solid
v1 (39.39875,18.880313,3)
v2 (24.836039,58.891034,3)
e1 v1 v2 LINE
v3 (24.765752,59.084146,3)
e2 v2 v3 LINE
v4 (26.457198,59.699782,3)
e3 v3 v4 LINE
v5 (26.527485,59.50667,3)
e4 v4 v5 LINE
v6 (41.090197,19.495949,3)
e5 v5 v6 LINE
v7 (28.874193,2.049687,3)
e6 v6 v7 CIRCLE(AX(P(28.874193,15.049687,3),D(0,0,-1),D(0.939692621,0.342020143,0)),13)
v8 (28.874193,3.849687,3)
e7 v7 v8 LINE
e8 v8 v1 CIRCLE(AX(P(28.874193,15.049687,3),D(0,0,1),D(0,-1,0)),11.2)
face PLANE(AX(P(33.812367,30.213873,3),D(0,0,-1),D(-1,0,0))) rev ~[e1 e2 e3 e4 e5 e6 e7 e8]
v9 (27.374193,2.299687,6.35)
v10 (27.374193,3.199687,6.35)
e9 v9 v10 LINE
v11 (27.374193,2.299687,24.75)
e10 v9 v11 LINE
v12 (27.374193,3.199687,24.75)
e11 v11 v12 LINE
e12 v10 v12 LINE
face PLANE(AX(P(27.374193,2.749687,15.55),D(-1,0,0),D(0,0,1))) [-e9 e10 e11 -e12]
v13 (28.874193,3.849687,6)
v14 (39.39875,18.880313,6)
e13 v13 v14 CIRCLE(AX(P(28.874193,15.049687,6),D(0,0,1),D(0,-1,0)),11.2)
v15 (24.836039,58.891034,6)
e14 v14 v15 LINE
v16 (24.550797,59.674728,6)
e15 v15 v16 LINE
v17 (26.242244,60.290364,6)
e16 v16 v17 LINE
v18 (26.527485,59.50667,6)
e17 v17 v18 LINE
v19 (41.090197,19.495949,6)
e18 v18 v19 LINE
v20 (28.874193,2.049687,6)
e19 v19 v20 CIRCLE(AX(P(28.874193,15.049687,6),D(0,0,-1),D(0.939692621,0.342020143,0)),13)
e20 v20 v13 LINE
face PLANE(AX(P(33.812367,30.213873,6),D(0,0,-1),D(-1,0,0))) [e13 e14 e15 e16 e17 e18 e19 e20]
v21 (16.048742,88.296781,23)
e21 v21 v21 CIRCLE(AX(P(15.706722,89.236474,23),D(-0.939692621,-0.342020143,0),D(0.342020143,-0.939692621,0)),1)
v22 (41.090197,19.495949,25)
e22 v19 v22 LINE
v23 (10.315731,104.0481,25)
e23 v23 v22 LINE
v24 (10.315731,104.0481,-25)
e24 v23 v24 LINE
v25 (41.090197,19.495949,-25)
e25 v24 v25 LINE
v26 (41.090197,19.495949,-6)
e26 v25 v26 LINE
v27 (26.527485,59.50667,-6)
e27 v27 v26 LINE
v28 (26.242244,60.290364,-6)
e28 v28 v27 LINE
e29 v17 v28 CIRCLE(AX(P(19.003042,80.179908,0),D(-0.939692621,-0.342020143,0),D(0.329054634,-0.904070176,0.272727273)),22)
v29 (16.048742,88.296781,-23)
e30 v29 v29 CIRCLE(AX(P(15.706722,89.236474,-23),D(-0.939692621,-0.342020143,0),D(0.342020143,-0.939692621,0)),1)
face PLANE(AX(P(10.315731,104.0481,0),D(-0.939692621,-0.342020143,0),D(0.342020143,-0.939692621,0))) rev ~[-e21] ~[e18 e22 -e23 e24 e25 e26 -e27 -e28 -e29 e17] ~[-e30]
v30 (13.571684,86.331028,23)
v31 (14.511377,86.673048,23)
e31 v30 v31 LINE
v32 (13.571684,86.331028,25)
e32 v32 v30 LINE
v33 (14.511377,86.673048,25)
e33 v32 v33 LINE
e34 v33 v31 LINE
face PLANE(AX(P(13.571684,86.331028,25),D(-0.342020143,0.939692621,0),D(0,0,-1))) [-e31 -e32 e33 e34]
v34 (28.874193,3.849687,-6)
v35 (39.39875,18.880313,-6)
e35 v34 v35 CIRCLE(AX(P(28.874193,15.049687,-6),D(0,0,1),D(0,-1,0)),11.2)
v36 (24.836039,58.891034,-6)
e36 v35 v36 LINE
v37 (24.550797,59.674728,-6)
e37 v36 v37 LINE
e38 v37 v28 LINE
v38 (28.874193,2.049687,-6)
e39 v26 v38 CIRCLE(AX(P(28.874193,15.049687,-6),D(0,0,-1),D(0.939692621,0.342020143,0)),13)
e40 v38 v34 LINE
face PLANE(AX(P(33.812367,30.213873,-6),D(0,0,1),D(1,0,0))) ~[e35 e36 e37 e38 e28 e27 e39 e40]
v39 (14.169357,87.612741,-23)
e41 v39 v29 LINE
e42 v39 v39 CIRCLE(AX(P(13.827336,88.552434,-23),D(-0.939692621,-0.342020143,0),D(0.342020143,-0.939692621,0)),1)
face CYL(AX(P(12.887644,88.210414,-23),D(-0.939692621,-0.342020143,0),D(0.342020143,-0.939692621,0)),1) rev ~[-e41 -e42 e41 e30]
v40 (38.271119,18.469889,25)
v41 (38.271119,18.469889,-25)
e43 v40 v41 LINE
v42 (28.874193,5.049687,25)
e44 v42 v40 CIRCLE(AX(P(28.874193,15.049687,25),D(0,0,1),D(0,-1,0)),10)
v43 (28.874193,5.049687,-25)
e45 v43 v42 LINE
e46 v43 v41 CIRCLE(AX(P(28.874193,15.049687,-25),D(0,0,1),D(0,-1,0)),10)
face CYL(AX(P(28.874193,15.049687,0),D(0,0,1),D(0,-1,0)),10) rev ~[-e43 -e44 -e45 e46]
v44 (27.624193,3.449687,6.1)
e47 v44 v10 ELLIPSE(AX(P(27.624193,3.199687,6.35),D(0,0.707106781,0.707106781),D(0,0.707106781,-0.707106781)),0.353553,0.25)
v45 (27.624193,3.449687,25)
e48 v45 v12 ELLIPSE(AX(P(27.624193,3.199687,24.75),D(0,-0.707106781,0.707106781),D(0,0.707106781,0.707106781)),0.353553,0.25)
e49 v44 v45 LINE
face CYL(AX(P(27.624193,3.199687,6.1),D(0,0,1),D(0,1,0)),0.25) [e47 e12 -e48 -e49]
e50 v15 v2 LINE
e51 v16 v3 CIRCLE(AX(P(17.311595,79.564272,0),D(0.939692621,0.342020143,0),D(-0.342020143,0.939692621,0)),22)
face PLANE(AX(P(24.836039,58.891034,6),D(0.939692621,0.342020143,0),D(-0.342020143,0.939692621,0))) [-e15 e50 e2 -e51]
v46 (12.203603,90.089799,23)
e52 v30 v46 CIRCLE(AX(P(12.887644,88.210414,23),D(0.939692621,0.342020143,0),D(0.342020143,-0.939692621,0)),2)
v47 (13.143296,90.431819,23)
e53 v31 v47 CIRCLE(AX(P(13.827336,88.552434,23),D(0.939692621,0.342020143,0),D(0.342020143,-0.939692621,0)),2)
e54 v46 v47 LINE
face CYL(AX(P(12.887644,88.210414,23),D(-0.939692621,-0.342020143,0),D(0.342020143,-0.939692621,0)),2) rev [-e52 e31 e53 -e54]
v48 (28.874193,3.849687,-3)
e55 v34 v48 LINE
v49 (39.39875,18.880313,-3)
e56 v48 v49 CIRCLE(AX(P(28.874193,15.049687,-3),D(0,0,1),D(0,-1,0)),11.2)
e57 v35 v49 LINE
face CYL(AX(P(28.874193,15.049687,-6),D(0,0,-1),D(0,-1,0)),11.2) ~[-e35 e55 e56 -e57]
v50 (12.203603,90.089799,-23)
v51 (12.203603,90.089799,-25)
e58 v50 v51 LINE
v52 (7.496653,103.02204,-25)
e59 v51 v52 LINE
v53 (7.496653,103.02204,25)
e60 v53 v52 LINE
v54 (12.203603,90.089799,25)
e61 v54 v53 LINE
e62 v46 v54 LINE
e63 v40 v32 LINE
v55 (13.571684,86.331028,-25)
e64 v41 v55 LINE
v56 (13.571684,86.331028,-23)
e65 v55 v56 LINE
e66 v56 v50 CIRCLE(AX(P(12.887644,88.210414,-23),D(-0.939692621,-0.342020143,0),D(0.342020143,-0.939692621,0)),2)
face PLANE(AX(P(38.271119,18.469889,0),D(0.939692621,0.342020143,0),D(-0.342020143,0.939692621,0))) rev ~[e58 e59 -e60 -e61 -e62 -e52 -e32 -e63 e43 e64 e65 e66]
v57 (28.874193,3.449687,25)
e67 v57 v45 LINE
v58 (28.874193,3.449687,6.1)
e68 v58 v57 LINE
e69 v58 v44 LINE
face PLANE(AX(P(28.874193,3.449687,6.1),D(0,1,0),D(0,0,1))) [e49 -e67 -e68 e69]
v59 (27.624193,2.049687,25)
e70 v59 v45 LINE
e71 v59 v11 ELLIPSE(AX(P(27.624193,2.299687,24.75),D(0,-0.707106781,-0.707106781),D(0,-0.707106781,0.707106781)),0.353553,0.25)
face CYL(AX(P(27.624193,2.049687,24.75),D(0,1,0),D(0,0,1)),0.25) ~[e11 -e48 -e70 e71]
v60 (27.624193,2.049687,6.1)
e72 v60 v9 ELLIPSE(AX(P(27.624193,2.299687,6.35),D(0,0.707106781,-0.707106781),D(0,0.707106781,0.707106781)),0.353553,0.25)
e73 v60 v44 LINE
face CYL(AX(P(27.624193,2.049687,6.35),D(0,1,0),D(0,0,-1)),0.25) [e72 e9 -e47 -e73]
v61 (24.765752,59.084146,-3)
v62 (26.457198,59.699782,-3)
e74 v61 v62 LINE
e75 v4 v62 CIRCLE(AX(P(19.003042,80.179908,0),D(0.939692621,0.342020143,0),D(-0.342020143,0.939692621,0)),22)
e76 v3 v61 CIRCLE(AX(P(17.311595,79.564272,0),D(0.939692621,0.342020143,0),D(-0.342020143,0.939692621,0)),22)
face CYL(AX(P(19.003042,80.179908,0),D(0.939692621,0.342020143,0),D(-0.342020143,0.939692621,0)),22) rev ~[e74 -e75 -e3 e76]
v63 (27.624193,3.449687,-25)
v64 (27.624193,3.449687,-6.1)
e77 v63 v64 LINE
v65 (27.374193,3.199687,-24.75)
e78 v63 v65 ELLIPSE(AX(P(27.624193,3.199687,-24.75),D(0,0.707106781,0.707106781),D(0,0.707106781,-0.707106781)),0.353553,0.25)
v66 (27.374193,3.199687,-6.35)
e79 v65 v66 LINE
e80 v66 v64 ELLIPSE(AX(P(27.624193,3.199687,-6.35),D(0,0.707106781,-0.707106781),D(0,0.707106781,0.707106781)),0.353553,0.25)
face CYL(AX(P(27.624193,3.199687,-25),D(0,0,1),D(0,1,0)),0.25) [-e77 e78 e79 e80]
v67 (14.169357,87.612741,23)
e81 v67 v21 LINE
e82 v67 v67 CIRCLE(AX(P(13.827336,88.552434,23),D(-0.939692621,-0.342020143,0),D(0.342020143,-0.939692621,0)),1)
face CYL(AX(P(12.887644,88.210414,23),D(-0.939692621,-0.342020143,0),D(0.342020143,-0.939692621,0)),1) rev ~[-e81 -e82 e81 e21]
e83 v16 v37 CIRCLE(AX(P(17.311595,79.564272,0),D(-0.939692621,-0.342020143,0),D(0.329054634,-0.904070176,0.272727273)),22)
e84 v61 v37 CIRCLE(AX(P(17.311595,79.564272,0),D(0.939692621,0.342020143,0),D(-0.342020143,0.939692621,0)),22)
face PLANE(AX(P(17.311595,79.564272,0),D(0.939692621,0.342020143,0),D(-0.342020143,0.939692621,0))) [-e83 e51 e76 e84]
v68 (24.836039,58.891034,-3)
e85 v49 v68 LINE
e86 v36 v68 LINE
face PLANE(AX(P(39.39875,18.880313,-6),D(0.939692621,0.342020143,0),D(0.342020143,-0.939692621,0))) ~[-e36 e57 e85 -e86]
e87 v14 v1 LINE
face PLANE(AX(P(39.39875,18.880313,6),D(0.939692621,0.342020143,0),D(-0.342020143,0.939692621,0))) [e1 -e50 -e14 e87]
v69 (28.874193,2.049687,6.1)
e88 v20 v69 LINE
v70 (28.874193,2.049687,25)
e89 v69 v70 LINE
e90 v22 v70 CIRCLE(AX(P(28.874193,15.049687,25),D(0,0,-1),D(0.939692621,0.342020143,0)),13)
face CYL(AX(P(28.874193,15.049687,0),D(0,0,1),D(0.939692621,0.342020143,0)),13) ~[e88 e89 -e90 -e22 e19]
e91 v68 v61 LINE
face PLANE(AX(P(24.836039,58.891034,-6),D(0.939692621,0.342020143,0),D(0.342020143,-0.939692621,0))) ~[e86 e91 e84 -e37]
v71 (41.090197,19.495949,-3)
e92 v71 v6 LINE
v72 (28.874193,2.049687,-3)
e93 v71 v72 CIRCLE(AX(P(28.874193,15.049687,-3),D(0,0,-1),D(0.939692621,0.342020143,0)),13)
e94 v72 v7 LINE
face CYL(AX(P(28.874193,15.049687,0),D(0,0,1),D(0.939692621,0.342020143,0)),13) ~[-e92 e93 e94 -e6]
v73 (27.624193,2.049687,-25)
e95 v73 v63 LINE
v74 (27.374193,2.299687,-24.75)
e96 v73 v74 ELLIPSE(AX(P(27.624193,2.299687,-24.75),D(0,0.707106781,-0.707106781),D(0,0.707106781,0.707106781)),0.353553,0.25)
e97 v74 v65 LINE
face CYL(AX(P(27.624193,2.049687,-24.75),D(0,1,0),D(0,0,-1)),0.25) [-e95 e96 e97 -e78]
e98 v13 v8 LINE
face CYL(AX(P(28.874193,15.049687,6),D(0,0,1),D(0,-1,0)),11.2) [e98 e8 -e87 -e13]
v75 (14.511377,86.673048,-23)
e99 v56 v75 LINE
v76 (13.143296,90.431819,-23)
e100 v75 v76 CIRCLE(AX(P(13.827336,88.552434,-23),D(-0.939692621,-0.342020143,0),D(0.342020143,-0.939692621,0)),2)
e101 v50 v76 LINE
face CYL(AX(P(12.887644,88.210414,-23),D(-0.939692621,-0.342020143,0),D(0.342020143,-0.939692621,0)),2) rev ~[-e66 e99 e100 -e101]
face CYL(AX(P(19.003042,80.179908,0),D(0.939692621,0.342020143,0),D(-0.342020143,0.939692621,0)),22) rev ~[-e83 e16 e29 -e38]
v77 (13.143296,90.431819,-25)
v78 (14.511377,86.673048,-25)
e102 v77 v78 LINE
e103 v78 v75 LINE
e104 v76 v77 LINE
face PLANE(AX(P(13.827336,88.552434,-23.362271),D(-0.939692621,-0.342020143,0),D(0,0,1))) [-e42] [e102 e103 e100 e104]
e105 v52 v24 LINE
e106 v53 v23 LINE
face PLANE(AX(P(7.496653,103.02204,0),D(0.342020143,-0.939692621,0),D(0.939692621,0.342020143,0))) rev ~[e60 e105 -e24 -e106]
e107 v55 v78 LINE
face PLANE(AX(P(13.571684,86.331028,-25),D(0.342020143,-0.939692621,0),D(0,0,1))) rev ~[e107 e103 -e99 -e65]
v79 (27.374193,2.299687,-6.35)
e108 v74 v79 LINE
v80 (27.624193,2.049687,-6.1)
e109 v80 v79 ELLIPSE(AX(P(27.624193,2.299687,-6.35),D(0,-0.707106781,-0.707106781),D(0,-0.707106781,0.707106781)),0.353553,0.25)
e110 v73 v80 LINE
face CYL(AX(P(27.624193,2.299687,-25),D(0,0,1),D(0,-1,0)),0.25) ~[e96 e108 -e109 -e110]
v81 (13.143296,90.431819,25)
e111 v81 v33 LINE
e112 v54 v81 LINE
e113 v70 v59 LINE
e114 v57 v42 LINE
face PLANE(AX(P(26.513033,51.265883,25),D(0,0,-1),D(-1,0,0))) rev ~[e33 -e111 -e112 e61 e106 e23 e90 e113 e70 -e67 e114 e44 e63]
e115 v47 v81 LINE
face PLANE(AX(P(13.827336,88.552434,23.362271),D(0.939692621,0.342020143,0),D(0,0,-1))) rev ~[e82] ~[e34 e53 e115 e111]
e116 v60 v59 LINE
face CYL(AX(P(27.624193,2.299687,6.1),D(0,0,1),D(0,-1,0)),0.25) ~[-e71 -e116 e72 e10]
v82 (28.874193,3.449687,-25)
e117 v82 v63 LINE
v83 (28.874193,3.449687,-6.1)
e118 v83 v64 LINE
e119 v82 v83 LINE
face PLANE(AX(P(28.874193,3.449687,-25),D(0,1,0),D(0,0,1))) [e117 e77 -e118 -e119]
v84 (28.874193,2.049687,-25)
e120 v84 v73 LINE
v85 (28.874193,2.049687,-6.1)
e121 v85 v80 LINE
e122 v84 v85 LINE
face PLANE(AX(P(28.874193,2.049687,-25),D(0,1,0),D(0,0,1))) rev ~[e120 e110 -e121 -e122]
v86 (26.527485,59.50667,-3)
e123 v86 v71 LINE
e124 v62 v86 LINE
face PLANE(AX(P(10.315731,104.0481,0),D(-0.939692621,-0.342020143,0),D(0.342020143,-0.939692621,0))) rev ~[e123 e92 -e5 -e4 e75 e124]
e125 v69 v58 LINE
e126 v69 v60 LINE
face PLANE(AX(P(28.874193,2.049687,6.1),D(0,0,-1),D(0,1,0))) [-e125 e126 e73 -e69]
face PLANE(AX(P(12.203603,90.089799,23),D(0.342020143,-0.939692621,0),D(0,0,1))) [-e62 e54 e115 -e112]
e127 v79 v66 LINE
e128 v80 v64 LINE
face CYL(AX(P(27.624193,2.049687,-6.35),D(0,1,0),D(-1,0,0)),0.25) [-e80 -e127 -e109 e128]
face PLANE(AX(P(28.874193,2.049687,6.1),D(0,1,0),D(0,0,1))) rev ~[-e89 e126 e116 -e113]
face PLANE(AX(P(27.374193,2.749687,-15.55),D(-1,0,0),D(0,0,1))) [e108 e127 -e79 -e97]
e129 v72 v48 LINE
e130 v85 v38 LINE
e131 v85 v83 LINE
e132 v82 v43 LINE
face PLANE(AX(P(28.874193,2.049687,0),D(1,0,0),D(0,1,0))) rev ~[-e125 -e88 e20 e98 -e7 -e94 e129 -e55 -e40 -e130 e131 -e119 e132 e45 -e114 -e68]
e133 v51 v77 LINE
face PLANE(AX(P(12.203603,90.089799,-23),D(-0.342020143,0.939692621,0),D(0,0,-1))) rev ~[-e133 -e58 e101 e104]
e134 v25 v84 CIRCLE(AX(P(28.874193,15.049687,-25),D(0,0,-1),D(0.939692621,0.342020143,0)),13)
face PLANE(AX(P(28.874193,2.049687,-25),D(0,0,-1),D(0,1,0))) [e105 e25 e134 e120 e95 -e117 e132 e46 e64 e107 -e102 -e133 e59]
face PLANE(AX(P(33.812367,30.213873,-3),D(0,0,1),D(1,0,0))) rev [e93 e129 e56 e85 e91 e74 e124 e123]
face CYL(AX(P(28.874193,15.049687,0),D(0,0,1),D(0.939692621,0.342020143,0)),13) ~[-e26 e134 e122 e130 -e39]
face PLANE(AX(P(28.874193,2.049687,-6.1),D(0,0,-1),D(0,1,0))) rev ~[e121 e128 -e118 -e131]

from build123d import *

# Parameters (mm, degrees)
EXTRUDE_1_DEPTH        = 25
SKETCH_4_R             = 22
CUT_EXTRUDE_1_DEPTH    = 1.8
CUT_EXTRUDE_START      = 6
CUT_EXTRUDE_1_2_DEPTH  = 3
SKETCH_11_W            = 18.9
SKETCH_11_H            = 1.4
EXTRUDE_3_DEPTH        = 1.5
FILLET_1_R             = 0.25
SKETCH_12_R            = 1
CUT_EXTRUDE_2553_DEPTH = 99.437390504
CUT_EXTRUDE_1_3_DEPTH  = 1


with BuildPart() as part:
    # 草图2 → 整体拉伸-薄壁1 (new, symmetric)
    with BuildSketch(Plane.XY):
        with BuildLine():
            ThreePointArc((28.874192719, 5.049687275), (37.065713162, 9.313922912), (38.271118927, 18.469888708))
            Line((38.271118927, 18.469888708), (7.496652644, 103.022039918))
            Line((7.496652644, 103.022039918), (10.315730506, 104.048100348))
            Line((10.315730506, 104.048100348), (41.090196789, 19.495949138))
            ThreePointArc((41.090196789, 19.495949138), (39.523169295, 7.593193603), (28.874192719, 2.049687275))
            Line((28.874192719, 2.049687275), (28.874192719, 5.049687275))
        make_face()
    extrude(amount=EXTRUDE_1_DEPTH, both=True)

    # 草图4 → Cut-Extrude 1 (cut)
    with BuildSketch(Plane(origin=(42.549434126, 15.486727507, 0), x_dir=(0, 0, -1), z_dir=(0.9396926207859071, 0.3420201433256726, 0))):
        with Locations(Location((0, 68.845044478, 0), (0, 0, 90))):
            Circle(SKETCH_4_R)
    extrude(amount=-CUT_EXTRUDE_1_DEPTH, mode=Mode.SUBTRACT)

    # 草图3 → Cut-Extrude 1 2 (cut)
    with BuildSketch(Plane.XY.offset(CUT_EXTRUDE_START)):
        with BuildLine():
            ThreePointArc((28.874192719, 3.849687275), (38.048695615, 8.625631188), (39.398750072, 18.88031288))
            Line((39.398750072, 18.88031288), (24.836038582, 58.891033865))
            Line((24.836038582, 58.891033865), (23.809978152, 61.710111727))
            Line((23.809978152, 61.710111727), (25.50142487, 62.325747985))
            Line((25.50142487, 62.325747985), (26.5274853, 59.506670123))
            Line((26.5274853, 59.506670123), (41.090196789, 19.495949138))
            ThreePointArc((41.090196789, 19.495949138), (39.523169295, 7.593193603), (28.874192719, 2.049687275))
            Line((28.874192719, 2.049687275), (28.874192719, 3.849687275))
        make_face()
    cut_extrude_1_2 = extrude(amount=-CUT_EXTRUDE_1_2_DEPTH, mode=Mode.SUBTRACT)

    # 镜向1: Cut-Extrude 1 2 across plane
    add(cut_extrude_1_2.mirror(Plane.XY), mode=Mode.SUBTRACT)

    # 草图11 → 底部卡扣凸台-拉伸3 (add)
    with BuildSketch(Plane.ZY.offset(-28.874192719)):
        with Locations((-15.55, 2.749687275)):
            Rectangle(SKETCH_11_W, SKETCH_11_H)
        with Locations((15.55, 2.749687275)):
            Rectangle(SKETCH_11_W, SKETCH_11_H)
    extrude(amount=EXTRUDE_3_DEPTH)

    # 底部卡扣圆角1
    fillet_1_edges = [part.edges().sort_by_distance(p)[0] for p in [
        (27.374192719, 2.749687275, -25),
        (27.374192719, 2.049687275, -15.55),
        (27.374192719, 2.749687275, -6.1),
        (27.374192719, 3.449687275, -15.55),
        (27.374192719, 2.749687275, 6.1),
        (27.374192719, 2.049687275, 15.55),
        (27.374192719, 2.749687275, 25),
        (27.374192719, 3.449687275, 15.55),
    ]]
    fillet(fillet_1_edges, radius=FILLET_1_R)

    # 草图12 → Cut-Extrude 2553 (cut, through all)
    with BuildSketch(Plane(origin=(39.730356264, 14.460667077, 0), x_dir=(0, 0, 1), z_dir=(-0.9396926207859071, -0.3420201433256726, 0))):
        with Locations(Location((23, 78.482840932, 0), (0, 0, 270))):
            Circle(SKETCH_12_R)
        with Locations(Location((-23, 78.482840932, 0), (0, 0, 270))):
            Circle(SKETCH_12_R)
    extrude(amount=-CUT_EXTRUDE_2553_DEPTH, mode=Mode.SUBTRACT)

    # 草图13 → Cut-Extrude 1 3 (cut)
    with BuildSketch(Plane(origin=(39.730356264, 14.460667077, 0), x_dir=(0, 0, 1), z_dir=(-0.9396926207859071, -0.3420201433256726, 0))):
        with BuildLine():
            Line((23, 80.482840932), (25, 80.482840932))
            Line((25, 80.482840932), (25, 76.482840932))
            Line((25, 76.482840932), (23, 76.482840932))
            ThreePointArc((23, 76.482840932), (21, 78.482840932), (23, 80.482840932))
        make_face()
        with BuildLine():
            Line((-25, 80.482840932), (-25, 76.482840932))
            Line((-25, 76.482840932), (-23, 76.482840932))
            ThreePointArc((-23, 76.482840932), (-21, 78.482840932), (-23, 80.482840932))
            Line((-23, 80.482840932), (-25, 80.482840932))
        make_face()
    extrude(amount=-CUT_EXTRUDE_1_3_DEPTH, mode=Mode.SUBTRACT)


solid = part.part
